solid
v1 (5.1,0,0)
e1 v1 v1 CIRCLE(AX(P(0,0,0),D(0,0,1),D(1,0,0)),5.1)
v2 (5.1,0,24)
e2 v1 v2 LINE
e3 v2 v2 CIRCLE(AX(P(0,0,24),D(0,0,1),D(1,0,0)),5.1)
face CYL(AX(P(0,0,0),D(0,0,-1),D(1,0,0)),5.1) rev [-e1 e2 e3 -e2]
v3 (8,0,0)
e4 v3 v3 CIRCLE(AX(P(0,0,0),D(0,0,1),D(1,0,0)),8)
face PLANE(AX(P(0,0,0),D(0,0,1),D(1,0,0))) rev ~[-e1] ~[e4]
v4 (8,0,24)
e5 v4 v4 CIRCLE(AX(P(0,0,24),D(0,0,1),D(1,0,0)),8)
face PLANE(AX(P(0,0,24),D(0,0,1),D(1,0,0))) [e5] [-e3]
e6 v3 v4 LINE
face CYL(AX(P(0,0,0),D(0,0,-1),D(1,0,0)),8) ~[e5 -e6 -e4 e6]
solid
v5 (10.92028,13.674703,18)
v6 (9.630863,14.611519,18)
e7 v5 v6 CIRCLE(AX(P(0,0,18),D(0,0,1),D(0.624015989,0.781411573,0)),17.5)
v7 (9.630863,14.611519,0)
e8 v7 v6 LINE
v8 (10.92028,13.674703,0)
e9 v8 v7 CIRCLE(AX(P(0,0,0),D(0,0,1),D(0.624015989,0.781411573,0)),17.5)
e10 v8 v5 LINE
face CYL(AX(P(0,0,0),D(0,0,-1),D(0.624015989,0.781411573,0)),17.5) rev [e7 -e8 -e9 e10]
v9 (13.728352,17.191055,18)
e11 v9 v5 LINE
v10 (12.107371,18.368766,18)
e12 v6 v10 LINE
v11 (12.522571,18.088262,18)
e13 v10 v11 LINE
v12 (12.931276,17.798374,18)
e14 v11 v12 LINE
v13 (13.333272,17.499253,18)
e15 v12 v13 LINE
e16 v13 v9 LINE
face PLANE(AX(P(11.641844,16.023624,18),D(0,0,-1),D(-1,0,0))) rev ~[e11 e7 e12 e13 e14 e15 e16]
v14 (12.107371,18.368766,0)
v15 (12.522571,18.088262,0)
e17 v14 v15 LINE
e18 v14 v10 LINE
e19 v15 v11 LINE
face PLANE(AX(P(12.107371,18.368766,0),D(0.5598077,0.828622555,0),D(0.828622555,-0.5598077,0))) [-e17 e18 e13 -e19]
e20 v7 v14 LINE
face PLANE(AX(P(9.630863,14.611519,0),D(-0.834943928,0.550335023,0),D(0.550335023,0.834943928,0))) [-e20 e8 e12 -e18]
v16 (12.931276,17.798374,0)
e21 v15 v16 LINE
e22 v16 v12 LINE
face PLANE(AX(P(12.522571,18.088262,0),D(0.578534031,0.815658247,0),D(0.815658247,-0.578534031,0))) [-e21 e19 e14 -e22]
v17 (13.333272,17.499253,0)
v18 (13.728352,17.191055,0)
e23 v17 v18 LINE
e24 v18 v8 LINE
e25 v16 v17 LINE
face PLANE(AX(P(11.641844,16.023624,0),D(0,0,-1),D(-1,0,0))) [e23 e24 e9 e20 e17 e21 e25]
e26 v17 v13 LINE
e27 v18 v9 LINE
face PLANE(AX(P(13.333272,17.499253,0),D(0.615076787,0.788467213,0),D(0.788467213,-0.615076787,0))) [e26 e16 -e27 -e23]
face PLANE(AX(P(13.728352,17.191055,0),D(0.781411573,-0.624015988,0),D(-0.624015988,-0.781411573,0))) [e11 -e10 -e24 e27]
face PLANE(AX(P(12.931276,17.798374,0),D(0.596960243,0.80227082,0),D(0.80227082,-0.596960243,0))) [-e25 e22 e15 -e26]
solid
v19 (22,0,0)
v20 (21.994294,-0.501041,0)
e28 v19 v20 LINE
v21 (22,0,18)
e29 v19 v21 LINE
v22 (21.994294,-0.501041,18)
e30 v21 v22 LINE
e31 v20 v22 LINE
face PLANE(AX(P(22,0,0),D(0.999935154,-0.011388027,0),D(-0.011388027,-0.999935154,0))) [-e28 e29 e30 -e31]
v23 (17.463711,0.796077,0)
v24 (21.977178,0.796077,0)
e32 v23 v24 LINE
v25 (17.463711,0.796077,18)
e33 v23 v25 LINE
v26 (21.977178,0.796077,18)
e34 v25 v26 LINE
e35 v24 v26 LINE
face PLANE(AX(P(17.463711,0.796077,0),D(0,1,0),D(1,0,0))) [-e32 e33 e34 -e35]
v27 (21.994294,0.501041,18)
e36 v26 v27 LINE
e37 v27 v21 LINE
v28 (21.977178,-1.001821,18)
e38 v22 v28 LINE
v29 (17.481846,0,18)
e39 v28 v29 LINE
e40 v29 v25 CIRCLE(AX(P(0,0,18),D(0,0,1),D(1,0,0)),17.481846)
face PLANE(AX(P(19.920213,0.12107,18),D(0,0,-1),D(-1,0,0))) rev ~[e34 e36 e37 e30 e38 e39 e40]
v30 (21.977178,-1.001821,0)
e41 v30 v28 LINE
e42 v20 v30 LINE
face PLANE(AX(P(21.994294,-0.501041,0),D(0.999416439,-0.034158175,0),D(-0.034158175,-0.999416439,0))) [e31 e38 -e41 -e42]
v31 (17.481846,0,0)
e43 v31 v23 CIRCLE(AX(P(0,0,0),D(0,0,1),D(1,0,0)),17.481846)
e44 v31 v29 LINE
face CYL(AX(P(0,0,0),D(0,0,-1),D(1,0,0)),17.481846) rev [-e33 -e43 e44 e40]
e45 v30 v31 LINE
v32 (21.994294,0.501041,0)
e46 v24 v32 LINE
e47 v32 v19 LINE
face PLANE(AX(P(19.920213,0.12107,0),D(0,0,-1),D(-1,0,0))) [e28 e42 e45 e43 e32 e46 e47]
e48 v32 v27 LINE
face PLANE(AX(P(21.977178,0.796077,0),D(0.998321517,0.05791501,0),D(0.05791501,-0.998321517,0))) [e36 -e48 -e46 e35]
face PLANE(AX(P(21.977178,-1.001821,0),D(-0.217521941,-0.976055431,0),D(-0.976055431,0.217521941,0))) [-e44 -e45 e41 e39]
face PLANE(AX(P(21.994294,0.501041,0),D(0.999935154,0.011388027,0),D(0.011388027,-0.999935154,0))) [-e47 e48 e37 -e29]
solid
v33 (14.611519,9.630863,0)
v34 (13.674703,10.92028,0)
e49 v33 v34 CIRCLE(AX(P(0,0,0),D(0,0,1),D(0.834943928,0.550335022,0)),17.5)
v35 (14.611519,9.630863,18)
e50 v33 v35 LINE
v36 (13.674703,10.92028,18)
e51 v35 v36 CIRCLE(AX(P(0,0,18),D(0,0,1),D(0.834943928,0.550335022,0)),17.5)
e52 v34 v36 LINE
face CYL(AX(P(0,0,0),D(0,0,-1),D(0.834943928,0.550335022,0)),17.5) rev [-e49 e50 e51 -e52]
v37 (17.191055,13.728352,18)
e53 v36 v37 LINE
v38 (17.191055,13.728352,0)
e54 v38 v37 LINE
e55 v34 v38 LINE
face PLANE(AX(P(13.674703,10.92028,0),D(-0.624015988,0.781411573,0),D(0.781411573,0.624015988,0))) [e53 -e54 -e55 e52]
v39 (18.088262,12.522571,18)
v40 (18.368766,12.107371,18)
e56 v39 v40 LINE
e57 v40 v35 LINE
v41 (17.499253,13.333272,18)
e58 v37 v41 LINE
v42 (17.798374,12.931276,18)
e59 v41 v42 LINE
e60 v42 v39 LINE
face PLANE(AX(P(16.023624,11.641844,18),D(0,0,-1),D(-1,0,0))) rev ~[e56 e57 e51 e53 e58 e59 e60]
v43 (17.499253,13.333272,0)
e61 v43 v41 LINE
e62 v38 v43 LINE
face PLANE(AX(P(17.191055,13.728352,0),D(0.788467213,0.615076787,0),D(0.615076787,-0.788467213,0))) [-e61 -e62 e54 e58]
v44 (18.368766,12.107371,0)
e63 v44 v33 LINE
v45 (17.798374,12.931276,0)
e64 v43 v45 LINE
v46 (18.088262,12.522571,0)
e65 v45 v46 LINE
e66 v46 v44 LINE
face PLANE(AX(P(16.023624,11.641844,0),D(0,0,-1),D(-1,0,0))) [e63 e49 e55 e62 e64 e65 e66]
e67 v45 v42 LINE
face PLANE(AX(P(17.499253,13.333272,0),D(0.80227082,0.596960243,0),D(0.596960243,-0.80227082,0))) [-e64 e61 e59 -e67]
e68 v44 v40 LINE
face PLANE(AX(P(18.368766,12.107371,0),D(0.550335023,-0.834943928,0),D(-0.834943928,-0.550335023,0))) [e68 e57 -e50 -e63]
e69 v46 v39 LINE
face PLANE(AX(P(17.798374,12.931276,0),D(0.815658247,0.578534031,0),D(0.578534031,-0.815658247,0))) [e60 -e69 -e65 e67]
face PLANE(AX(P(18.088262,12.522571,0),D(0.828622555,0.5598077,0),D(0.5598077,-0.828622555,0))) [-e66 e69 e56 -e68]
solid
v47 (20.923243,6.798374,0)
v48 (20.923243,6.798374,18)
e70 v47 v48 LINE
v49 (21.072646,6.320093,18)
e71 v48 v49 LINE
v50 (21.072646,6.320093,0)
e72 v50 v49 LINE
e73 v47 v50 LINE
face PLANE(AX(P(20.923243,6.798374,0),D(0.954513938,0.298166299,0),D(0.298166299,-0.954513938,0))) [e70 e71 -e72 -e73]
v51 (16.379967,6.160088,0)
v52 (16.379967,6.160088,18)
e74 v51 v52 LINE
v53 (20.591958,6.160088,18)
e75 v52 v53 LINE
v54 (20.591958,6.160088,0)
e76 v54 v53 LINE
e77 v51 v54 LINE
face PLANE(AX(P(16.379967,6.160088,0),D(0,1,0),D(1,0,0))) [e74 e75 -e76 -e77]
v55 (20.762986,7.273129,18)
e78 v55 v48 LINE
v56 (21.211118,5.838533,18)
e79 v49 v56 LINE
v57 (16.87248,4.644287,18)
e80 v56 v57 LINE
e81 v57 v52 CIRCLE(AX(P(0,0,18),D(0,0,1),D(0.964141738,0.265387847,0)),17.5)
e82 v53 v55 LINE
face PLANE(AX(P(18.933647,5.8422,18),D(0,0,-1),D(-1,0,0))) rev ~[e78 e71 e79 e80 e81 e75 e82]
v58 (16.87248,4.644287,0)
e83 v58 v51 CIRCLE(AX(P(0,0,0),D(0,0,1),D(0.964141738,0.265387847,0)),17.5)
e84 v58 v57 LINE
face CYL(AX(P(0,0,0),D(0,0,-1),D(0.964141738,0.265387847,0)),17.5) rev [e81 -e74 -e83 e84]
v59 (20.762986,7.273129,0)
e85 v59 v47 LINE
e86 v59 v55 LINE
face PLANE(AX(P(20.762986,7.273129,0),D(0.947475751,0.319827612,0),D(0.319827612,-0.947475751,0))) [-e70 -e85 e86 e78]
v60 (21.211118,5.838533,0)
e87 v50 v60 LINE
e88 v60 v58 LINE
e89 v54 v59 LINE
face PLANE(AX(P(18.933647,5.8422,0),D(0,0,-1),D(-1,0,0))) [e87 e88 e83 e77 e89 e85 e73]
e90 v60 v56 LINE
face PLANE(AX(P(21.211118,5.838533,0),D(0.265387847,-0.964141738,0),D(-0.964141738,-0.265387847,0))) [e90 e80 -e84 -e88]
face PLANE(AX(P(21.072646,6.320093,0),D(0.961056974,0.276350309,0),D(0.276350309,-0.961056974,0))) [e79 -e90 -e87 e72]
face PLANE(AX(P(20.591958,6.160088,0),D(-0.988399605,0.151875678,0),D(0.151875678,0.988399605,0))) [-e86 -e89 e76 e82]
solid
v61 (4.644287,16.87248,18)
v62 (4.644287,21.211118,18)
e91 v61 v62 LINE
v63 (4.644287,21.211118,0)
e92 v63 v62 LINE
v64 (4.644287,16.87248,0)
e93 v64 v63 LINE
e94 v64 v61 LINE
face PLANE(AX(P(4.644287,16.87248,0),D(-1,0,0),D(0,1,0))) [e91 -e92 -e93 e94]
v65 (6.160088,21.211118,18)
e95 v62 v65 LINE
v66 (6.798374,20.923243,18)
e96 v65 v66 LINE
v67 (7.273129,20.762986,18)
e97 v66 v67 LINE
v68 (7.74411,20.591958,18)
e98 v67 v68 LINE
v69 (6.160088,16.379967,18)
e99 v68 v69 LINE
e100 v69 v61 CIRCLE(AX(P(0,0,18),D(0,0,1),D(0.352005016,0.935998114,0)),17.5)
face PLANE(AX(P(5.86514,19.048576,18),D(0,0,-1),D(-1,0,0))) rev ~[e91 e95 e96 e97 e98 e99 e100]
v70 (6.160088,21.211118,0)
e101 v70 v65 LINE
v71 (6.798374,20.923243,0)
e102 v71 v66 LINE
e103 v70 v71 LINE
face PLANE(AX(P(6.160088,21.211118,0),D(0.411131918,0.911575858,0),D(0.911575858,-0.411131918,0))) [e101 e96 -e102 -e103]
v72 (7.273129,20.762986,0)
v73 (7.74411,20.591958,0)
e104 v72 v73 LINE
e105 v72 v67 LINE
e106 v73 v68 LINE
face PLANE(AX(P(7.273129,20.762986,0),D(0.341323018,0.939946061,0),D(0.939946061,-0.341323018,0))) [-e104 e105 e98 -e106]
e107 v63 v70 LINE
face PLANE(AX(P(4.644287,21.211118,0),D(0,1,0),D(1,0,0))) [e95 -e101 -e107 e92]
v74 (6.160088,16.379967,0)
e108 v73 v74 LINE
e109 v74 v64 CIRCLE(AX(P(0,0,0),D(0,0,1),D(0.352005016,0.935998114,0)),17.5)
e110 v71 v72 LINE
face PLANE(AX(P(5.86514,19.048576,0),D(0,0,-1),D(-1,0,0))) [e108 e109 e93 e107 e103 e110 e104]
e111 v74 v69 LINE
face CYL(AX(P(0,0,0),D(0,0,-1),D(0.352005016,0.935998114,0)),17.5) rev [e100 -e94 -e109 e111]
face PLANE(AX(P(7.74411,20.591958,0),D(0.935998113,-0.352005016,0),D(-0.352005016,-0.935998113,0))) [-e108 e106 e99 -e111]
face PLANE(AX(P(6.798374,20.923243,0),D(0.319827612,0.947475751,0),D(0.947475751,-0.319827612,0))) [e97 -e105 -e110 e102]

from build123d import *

# Parameters (mm, degrees)
SKETCH_1_R      = 8
SKETCH_1_R_2    = 5.1
EXTRUDE_1_DEPTH = 24
SKETCH_1_2_R    = 8
SKETCH_1_2_R_2  = 5.1
EXTRUDE_2_DEPTH = 24
EXTRUDE_3_DEPTH = 18
EXTRUDE_4_DEPTH = 18
EXTRUDE_5_DEPTH = 18
EXTRUDE_6_DEPTH = 18
EXTRUDE_7_DEPTH = 18


with BuildPart() as part:
    # 草图1 → 凸台-拉伸1 (new body)
    with BuildSketch(Plane.XY):
        Circle(SKETCH_1_R)
        Circle(SKETCH_1_R_2, mode=Mode.SUBTRACT)
    extrude(amount=EXTRUDE_1_DEPTH)

    # 草图1<2> → 凸台-拉伸2 (add)
    with BuildSketch(Plane.XY):
        Circle(SKETCH_1_2_R)
        Circle(SKETCH_1_2_R_2, mode=Mode.SUBTRACT)
    extrude(amount=EXTRUDE_2_DEPTH)


with BuildPart() as body_2:
    # 草图2 → 凸台-拉伸3 (new body)
    with BuildSketch(Plane.XY):
        with BuildLine():
            Line((17.463711136, 0.796076784), (21.977178019, 0.796076784))
            Line((21.977178019, 0.796076784), (21.994293765, 0.501040705))
            Line((21.994293765, 0.501040705), (22, 0))
            Line((22, 0), (21.994293765, -0.501040705))
            Line((21.994293765, -0.501040705), (21.977178019, -1.001821495))
            Line((21.977178019, -1.001821495), (17.481846152, 0))
            ThreePointArc((17.481846152, 0), (17.47731181, 0.39814166), (17.463711136, 0.796076784))
        make_face()
    extrude(amount=EXTRUDE_3_DEPTH)


with BuildPart() as body_3:
    # 草图3 → 凸台-拉伸4 (new body)
    with BuildSketch(Plane.XY):
        with BuildLine():
            Line((16.379966987, 6.160087784), (20.591958498, 6.160087784))
            Line((20.591958498, 6.160087784), (20.762986314, 7.27312858))
            Line((20.762986314, 7.27312858), (20.923243358, 6.798373876))
            Line((20.923243358, 6.798373876), (21.072646499, 6.320092525))
            Line((21.072646499, 6.320092525), (21.211118232, 5.838532635))
            Line((21.211118232, 5.838532635), (16.872480412, 4.644287323))
            ThreePointArc((16.872480412, 4.644287323), (16.643489035, 5.407797402), (16.379966987, 6.160087784))
        make_face()
    extrude(amount=EXTRUDE_4_DEPTH)


with BuildPart() as body_4:
    # 草图4 → 凸台-拉伸5 (new body)
    with BuildSketch(Plane.XY):
        with BuildLine():
            Line((13.674702527, 10.920279795), (17.191054606, 13.728351742))
            Line((17.191054606, 13.728351742), (17.499253098, 13.333271955))
            Line((17.499253098, 13.333271955), (17.798373876, 12.93127555))
            Line((17.798373876, 12.93127555), (18.088261772, 12.522571065))
            Line((18.088261772, 12.522571065), (18.368766406, 12.107370512))
            Line((18.368766406, 12.107370512), (14.611518732, 9.630862907))
            ThreePointArc((14.611518732, 9.630862907), (14.157797402, 10.286241915), (13.674702527, 10.920279795))
        make_face()
    extrude(amount=EXTRUDE_5_DEPTH)


with BuildPart() as body_5:
    # 草图5 → 凸台-拉伸6 (new body)
    with BuildSketch(Plane.XY):
        with BuildLine():
            Line((9.630862907, 14.611518732), (12.107370512, 18.368766406))
            Line((12.107370512, 18.368766406), (12.522571065, 18.088261772))
            Line((12.522571065, 18.088261772), (12.93127555, 17.798373876))
            Line((12.93127555, 17.798373876), (13.333271955, 17.499253098))
            Line((13.333271955, 17.499253098), (13.728351742, 17.191054606))
            Line((13.728351742, 17.191054606), (10.920279795, 13.674702527))
            ThreePointArc((10.920279795, 13.674702527), (10.286241915, 14.157797402), (9.630862907, 14.611518732))
        make_face()
    extrude(amount=EXTRUDE_6_DEPTH)


with BuildPart() as body_6:
    # 草图6 → 凸台-拉伸7 (new body)
    with BuildSketch(Plane.XY):
        with BuildLine():
            Line((4.644287323, 16.872480412), (4.644287323, 21.211118232))
            Line((4.644287323, 21.211118232), (6.160087784, 21.211118232))
            Line((6.160087784, 21.211118232), (6.798373876, 20.923243358))
            Line((6.798373876, 20.923243358), (7.27312858, 20.762986314))
            Line((7.27312858, 20.762986314), (7.744110358, 20.591958498))
            Line((7.744110358, 20.591958498), (6.160087784, 16.379966987))
            ThreePointArc((6.160087784, 16.379966987), (5.407797402, 16.643489035), (4.644287323, 16.872480412))
        make_face()
    extrude(amount=EXTRUDE_7_DEPTH)


solid = Compound([part.part, body_2.part, body_3.part, body_4.part, body_5.part, body_6.part])
